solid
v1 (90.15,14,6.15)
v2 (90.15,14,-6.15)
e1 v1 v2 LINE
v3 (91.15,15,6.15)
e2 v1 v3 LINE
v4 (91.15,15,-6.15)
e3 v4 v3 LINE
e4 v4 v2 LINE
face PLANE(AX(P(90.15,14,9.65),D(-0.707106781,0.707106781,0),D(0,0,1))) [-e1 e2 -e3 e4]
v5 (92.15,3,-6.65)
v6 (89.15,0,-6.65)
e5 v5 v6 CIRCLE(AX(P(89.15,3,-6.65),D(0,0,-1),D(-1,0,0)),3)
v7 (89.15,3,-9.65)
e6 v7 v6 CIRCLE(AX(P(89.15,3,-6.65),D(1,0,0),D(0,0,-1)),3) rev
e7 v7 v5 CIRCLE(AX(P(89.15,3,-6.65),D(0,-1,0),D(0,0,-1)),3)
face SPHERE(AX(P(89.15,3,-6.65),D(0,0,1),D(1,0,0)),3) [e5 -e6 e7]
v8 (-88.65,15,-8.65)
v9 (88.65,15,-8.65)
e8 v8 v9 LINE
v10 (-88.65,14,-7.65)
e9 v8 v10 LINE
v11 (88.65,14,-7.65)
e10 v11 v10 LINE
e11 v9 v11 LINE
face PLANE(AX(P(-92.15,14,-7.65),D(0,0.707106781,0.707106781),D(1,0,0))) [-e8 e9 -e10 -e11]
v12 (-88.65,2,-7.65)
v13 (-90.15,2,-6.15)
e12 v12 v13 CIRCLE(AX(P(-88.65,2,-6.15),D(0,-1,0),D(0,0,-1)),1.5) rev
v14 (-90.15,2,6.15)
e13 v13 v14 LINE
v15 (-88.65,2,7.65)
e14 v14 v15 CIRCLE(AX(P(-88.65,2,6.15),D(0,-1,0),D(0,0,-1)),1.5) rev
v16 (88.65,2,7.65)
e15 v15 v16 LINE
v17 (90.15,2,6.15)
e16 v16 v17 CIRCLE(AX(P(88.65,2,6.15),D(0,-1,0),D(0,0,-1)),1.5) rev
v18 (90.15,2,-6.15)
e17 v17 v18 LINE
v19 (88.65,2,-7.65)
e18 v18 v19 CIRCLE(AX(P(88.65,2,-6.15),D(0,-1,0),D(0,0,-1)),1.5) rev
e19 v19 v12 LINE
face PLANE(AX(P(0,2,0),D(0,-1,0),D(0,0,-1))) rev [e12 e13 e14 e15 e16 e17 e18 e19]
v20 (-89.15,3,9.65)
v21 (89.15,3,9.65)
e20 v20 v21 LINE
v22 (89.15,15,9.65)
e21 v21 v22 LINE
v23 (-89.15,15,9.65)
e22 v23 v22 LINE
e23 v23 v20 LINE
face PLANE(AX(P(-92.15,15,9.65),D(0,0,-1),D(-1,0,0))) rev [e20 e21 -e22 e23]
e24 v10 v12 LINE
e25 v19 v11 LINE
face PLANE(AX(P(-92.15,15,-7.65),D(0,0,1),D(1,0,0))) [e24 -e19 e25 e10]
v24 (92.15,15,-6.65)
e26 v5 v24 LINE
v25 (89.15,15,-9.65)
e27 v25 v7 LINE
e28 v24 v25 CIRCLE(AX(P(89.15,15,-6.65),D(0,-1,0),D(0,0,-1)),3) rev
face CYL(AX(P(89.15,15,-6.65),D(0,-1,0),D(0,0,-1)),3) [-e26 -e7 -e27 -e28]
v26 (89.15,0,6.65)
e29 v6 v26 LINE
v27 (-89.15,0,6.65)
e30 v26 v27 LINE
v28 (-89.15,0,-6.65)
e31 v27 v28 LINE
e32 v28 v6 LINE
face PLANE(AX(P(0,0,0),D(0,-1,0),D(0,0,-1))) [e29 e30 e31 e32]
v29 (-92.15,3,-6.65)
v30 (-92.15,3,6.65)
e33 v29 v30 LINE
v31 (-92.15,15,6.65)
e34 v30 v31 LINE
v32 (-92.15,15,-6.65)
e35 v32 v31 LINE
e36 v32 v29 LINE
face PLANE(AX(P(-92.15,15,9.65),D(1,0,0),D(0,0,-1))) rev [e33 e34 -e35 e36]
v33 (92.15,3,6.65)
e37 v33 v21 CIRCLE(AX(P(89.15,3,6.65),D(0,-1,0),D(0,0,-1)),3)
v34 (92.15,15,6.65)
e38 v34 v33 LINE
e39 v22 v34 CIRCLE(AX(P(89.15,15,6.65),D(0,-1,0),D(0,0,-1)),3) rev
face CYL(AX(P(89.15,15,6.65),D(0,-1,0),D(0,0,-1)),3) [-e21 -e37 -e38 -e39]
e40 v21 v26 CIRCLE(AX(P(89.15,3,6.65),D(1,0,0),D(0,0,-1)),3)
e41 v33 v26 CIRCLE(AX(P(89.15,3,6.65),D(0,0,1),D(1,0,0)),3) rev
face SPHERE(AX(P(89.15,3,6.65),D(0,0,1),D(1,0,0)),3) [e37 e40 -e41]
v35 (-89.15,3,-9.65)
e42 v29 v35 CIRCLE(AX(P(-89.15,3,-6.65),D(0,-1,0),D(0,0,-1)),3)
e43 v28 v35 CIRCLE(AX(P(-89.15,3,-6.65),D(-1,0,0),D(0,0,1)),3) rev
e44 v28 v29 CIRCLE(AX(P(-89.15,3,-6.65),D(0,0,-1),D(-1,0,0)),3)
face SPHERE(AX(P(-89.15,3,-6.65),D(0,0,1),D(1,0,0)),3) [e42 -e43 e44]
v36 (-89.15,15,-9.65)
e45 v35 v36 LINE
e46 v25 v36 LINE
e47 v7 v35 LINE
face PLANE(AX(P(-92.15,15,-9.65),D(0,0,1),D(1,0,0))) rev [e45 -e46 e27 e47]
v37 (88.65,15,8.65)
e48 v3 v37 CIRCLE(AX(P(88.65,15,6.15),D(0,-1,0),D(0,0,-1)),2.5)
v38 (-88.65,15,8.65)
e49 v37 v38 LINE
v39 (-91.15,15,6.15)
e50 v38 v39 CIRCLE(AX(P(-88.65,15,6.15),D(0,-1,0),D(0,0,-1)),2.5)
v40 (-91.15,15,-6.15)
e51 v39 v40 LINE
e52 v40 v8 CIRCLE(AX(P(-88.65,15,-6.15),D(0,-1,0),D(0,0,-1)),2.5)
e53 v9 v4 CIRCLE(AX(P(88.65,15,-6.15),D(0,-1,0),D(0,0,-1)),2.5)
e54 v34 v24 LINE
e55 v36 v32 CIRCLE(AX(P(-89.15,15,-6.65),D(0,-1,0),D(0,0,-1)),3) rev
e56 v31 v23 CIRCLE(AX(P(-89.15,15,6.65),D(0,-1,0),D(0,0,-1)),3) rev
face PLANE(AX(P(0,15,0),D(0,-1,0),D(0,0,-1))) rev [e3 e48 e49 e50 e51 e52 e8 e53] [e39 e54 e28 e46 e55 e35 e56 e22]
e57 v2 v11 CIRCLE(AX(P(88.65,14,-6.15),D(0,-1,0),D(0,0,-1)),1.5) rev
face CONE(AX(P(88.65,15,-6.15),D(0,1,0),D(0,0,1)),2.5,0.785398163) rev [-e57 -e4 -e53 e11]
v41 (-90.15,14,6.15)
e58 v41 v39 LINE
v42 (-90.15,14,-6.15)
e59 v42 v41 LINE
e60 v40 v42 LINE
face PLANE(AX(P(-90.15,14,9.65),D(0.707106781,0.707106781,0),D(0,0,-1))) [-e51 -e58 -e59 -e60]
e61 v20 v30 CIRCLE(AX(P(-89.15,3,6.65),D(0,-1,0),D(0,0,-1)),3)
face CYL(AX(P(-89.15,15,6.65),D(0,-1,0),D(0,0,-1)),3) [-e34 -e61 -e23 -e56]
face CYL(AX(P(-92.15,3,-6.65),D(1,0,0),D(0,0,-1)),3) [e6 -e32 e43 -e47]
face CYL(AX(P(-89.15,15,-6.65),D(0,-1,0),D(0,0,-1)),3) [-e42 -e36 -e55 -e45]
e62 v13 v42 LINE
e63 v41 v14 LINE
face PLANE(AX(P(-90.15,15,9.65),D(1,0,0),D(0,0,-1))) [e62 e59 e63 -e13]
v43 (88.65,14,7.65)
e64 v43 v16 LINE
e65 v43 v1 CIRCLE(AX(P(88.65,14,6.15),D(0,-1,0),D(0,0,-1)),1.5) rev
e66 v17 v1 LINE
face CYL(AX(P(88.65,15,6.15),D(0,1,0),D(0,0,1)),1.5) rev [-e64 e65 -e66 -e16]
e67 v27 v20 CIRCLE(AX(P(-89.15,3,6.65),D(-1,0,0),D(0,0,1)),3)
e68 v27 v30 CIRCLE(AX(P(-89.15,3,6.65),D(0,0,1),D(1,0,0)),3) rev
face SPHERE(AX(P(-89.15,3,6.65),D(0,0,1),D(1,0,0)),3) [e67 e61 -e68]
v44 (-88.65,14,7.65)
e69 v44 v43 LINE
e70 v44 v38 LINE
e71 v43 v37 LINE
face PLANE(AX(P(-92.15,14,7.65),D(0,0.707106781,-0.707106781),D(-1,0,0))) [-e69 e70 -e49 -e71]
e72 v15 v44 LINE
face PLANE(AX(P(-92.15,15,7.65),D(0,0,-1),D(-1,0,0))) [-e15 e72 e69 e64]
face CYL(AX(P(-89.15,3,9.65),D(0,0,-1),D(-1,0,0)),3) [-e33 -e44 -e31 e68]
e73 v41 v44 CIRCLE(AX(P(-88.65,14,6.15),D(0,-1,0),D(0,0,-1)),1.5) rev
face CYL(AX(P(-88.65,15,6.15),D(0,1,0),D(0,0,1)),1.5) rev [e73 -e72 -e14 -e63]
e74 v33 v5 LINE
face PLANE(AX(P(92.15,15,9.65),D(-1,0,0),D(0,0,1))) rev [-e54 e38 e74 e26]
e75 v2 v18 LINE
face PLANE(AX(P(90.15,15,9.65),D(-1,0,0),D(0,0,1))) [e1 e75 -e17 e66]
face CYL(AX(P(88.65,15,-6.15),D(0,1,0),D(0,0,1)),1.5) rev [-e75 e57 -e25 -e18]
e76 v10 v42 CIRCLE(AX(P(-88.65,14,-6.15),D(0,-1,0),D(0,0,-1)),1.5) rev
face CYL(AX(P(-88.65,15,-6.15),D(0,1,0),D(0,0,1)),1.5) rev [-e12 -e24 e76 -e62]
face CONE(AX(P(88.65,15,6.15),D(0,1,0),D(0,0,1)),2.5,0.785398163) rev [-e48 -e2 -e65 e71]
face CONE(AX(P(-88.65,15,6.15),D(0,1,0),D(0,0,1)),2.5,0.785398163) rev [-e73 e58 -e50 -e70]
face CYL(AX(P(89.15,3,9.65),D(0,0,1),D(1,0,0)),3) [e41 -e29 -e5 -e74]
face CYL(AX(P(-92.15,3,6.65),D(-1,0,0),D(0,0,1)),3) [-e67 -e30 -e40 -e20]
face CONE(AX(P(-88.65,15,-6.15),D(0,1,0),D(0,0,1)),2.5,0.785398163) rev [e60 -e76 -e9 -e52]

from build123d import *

# Parameters (mm, degrees)
SKETCH2_W           = 184.3
SKETCH2_H           = 19.3
BOSS_EXTRUDE1_DEPTH = 15
SHELL1_T            = -2
FILLET1_R           = 3
FILLET2_R           = 1.5
CHAMFER1_SIZE       = 1


with BuildPart() as part:
    # Sketch2 → Boss-Extrude1 (new body)
    with BuildSketch(Plane(origin=(0, 0, 0), x_dir=(1, 0, 0), z_dir=(0, 1, 0))):
        Rectangle(SKETCH2_W, SKETCH2_H)
    extrude(amount=BOSS_EXTRUDE1_DEPTH)

    # Shell1
    shell1_openings = [part.faces().sort_by_distance(p)[0] for p in [
        (0, 15, 0),
    ]]
    offset(amount=SHELL1_T, openings=shell1_openings, kind=Kind.INTERSECTION)

    # Fillet1
    fillet1_edges = [part.edges().sort_by_distance(p)[0] for p in [
        (0, 0, 9.65),
        (-92.15, 0, 0),
        (0, 0, -9.65),
        (92.15, 0, 0),
        (92.15, 7.5, 9.65),
        (-92.15, 7.5, 9.65),
        (-92.15, 7.5, -9.65),
        (92.15, 7.5, -9.65),
    ]]
    fillet(fillet1_edges, radius=FILLET1_R)

    # Fillet2
    fillet2_edges = [part.edges().sort_by_distance(p)[0] for p in [
        (90.15, 8.5, 7.65),
        (90.15, 8.5, -7.65),
        (-90.15, 8.5, -7.65),
        (-90.15, 8.5, 7.65),
    ]]
    fillet(fillet2_edges, radius=FILLET2_R)

    # Chamfer1
    chamfer1_edges = [part.edges().sort_by_distance(p)[0] for p in [
        (0, 15, 7.65),
        (90.15, 15, 0),
        (0, 15, -7.65),
        (-90.15, 15, 0),
        (89.710660172, 15, 7.210660172),
        (89.710660172, 15, -7.210660172),
        (-89.710660172, 15, 7.210660172),
        (-89.710660172, 15, -7.210660172),
    ]]
    chamfer(chamfer1_edges, length=CHAMFER1_SIZE)


solid = part.part
